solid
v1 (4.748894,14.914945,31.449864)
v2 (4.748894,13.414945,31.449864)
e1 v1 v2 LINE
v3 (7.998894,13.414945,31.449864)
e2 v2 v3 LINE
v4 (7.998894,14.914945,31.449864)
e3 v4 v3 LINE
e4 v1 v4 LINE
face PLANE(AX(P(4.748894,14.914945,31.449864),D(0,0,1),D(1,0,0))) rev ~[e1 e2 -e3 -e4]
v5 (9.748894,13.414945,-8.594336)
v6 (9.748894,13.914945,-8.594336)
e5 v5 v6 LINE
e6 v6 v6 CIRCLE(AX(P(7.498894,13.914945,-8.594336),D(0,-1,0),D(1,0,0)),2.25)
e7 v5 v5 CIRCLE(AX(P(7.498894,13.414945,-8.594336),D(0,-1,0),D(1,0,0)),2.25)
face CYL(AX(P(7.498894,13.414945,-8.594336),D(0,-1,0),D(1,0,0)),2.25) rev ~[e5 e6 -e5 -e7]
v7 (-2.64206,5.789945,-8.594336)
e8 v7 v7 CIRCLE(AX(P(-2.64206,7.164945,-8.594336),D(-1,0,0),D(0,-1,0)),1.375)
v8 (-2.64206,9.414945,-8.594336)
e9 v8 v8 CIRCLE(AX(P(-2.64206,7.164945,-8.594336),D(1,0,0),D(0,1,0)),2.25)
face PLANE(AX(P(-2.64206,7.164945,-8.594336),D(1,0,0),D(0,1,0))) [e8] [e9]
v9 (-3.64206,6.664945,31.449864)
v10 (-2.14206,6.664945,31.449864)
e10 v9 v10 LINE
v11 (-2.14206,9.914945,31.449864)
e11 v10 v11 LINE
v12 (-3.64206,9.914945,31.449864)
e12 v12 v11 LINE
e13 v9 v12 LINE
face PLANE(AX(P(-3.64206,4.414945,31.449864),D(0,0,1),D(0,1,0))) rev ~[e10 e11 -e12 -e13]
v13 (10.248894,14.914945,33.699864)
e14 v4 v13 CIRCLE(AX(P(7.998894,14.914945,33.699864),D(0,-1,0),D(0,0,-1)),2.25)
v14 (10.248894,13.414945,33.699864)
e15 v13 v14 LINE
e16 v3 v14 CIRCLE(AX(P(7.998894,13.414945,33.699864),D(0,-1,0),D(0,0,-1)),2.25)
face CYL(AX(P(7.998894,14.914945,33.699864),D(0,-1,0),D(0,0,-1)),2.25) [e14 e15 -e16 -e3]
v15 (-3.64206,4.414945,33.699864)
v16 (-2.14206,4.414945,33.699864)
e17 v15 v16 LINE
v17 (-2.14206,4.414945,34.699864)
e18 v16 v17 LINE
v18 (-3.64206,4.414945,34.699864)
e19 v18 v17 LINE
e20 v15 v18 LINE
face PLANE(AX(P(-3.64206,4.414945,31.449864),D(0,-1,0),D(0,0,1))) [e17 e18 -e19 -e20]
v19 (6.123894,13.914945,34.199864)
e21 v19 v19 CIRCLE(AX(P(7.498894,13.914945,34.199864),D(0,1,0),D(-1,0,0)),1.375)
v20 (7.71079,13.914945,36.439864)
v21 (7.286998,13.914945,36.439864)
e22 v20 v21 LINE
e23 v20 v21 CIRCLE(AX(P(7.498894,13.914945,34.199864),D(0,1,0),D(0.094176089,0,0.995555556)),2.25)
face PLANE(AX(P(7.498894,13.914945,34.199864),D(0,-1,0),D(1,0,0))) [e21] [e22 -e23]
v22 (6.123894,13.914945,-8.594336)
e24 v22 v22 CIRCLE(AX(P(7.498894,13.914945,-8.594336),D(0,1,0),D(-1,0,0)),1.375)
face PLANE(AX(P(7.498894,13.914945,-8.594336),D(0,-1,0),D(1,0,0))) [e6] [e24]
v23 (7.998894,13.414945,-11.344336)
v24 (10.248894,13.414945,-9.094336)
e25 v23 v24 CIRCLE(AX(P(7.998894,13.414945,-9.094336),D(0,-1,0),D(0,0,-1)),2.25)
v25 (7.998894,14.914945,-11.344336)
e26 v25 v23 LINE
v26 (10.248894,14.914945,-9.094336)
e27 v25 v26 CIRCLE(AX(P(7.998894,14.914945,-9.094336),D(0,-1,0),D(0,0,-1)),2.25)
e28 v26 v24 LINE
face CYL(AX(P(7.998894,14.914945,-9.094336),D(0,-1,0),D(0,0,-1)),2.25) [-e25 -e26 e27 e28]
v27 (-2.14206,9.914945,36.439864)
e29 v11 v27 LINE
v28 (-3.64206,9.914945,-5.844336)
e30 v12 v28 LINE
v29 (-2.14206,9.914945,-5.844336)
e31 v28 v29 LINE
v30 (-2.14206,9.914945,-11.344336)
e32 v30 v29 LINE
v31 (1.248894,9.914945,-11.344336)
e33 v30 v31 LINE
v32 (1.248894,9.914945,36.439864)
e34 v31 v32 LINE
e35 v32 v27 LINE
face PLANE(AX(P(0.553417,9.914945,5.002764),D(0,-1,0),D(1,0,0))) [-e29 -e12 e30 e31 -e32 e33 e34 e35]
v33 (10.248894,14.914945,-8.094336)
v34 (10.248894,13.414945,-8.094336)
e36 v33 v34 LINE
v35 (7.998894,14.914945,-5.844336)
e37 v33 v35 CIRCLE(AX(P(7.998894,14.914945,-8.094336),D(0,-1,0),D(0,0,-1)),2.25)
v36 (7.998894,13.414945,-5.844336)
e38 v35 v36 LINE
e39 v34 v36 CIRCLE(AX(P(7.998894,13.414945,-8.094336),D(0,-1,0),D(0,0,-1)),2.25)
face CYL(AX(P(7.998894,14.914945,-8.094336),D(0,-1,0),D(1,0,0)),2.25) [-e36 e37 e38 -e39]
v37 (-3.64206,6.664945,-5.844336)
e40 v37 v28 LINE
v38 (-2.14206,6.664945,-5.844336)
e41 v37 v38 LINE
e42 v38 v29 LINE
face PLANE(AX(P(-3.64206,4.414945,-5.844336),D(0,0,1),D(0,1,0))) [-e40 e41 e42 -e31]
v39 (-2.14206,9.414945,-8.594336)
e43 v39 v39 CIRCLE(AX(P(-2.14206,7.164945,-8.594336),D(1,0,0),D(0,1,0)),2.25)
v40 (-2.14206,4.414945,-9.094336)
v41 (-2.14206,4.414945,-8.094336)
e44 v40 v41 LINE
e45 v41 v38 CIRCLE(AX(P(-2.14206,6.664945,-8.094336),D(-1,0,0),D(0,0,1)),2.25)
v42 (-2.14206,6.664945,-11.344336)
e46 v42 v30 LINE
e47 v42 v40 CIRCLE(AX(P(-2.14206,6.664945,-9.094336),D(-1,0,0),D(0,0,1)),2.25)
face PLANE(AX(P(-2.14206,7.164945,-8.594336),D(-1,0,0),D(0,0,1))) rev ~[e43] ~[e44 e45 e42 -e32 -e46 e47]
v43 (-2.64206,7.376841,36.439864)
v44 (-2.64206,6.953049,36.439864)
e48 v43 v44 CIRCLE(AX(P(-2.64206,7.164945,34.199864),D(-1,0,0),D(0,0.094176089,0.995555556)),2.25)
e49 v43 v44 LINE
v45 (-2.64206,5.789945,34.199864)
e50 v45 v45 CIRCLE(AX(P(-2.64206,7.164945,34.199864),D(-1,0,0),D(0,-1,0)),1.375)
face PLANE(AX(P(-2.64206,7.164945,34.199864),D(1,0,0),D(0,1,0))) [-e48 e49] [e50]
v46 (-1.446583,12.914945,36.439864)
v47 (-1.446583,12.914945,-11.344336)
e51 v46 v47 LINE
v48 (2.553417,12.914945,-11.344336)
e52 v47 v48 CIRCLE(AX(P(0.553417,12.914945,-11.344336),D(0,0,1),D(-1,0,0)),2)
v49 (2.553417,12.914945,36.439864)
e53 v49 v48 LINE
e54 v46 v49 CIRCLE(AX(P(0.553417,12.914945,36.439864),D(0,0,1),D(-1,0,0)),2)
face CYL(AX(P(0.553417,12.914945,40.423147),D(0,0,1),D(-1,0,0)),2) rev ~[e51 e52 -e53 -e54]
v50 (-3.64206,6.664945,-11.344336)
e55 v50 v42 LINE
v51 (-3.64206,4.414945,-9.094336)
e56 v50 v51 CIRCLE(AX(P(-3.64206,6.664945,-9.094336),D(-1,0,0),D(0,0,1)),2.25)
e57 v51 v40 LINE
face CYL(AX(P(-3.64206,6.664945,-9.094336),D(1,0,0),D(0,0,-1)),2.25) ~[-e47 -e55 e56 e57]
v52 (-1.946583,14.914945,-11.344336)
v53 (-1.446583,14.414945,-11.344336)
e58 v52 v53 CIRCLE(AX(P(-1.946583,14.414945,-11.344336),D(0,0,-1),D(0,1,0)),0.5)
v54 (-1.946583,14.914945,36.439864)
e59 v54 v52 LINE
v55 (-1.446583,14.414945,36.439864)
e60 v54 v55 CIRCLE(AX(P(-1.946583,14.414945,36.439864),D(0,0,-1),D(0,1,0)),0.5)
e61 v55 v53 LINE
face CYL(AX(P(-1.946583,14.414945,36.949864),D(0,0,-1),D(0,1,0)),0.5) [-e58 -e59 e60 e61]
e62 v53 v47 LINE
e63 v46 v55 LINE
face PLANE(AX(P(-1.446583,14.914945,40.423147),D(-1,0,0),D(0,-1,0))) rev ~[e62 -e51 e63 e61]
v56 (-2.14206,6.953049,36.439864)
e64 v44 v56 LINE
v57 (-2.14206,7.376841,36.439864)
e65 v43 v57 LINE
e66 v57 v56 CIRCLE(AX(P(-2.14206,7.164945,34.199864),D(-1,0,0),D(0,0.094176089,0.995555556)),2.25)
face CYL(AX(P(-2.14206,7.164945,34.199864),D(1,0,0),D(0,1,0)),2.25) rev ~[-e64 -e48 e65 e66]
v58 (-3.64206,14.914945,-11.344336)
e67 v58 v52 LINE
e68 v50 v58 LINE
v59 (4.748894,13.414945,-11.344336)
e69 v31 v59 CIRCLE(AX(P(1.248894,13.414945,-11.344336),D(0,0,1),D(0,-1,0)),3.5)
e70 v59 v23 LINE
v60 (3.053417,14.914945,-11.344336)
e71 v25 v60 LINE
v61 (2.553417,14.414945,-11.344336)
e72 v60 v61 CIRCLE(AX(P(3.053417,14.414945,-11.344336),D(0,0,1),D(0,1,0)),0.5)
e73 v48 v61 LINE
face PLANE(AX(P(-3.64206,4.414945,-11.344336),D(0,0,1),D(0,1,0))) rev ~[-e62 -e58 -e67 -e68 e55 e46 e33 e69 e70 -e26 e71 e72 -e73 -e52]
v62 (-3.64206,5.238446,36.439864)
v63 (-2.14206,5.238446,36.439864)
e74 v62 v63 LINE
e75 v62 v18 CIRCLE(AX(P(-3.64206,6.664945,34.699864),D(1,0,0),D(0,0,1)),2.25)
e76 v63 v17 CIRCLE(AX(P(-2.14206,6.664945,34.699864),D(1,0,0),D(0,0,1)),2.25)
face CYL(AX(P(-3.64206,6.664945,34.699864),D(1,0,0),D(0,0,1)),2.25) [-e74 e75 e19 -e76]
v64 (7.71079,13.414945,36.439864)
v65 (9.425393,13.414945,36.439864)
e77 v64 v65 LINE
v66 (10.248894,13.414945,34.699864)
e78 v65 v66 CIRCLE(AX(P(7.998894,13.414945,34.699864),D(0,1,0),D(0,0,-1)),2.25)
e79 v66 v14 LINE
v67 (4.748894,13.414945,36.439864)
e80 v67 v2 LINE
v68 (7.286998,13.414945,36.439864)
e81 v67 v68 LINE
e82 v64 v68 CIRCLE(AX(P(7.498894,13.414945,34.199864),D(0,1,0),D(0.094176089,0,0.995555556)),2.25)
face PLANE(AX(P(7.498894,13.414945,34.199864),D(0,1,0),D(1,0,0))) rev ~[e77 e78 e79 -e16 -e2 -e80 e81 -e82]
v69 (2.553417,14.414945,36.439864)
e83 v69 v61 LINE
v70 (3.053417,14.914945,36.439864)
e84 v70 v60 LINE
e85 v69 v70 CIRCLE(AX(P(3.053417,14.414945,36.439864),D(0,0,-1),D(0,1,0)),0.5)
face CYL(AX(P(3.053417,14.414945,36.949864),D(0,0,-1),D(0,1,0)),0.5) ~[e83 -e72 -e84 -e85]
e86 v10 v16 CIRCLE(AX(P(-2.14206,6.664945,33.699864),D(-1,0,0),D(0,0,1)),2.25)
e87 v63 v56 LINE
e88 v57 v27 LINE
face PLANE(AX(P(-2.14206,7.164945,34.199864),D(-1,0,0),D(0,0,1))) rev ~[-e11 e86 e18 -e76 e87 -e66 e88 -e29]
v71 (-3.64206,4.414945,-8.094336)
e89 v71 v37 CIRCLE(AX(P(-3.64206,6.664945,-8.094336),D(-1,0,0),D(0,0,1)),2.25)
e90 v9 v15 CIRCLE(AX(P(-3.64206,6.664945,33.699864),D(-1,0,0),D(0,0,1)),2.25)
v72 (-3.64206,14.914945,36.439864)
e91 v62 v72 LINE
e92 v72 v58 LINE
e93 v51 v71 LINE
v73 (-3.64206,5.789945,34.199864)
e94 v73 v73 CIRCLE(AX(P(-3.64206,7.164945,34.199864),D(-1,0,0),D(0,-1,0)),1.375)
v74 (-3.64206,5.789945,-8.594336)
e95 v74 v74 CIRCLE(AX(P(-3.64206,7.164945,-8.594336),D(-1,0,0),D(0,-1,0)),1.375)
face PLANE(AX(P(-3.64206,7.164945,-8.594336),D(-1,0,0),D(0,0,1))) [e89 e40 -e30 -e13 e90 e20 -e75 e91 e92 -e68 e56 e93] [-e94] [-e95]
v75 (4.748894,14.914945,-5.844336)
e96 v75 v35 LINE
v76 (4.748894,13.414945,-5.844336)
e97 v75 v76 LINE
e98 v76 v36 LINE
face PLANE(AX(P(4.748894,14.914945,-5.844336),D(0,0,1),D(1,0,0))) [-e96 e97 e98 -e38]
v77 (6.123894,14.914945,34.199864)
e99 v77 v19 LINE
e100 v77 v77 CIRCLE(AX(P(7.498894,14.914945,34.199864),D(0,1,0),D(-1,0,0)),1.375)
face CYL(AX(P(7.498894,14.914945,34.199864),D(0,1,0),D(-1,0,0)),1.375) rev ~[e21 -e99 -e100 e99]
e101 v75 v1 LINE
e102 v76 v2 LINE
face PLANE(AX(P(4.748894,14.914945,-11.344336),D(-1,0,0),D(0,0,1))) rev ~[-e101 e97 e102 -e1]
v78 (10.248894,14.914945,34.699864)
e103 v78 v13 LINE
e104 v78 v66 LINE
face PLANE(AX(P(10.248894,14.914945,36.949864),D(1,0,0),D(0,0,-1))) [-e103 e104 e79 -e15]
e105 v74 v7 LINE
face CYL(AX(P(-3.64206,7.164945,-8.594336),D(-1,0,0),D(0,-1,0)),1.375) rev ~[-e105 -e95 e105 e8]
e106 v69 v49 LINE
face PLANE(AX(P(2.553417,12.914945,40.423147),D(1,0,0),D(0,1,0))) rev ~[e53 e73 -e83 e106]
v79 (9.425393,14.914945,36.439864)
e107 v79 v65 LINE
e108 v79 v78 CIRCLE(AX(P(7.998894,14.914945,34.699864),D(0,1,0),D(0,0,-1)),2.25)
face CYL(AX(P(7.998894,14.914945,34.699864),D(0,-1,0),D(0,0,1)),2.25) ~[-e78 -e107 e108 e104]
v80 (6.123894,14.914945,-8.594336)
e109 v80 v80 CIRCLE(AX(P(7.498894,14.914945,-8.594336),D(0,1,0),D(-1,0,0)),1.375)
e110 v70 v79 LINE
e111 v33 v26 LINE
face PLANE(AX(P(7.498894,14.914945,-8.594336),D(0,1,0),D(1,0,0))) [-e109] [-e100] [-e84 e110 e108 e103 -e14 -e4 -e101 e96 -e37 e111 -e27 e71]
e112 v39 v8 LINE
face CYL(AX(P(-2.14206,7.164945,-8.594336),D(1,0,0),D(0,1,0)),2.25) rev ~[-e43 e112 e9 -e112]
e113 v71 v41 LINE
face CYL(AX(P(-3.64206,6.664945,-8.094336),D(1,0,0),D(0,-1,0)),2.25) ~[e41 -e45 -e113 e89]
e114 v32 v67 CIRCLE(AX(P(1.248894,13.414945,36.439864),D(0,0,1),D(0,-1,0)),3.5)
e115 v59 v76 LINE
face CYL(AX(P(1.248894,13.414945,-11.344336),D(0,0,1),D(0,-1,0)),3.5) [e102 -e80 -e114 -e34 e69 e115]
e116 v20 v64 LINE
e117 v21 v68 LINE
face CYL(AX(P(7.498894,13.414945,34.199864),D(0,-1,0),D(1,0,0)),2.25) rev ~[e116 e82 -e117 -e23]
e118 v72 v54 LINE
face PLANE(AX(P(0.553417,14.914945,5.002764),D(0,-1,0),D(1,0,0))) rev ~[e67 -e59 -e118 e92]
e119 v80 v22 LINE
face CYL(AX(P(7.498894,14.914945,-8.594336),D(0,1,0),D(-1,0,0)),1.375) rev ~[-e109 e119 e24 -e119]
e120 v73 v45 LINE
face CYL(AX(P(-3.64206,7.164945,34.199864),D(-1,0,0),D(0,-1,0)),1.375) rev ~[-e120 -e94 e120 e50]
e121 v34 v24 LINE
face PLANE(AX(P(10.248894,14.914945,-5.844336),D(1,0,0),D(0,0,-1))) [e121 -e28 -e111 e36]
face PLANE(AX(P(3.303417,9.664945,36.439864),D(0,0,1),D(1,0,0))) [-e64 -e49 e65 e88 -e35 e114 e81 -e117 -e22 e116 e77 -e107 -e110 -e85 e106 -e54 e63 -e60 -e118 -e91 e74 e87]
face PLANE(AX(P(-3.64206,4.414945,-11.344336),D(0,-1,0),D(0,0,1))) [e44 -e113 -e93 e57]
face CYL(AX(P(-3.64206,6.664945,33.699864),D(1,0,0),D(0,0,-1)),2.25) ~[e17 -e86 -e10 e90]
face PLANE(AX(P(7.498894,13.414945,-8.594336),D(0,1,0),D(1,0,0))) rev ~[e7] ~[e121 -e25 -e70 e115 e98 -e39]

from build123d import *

# Parameters (mm, degrees)
SKETCH1_W                       = 8.390953786
SKETCH1_H                       = 32.6942
SKETCH1_H_2                     = 13
SKETCH1_H_3                     = 2.6
BOSS_EXTRUDE1_DEPTH             = 5
CUT_EXTRUDE1_DEPTH              = 51.767483063
CUT_EXTRUDE1_DEPTH_BACK         = 51.767483063
SKETCH3_W                       = 5.5
SKETCH3_H                       = 5.5
SKETCH3_R                       = 1.375
EXTRUDE_BOTTOM_SCREW_PADS_DEPTH = 1.5
SKETCH4_R                       = 2.25
CUT_BOTTOM_COUNTERSINK_DEPTH    = 0.5
SKETCH5_W                       = 5.5
SKETCH5_H                       = 5.5
SKETCH5_R                       = 1.375
EXTRUDE_SIDE_SCREW_PADS_DEPTH   = 1.5
SKETCH6_R                       = 2.25
CUT_SIDE_COUNTERSINK_DEPTH      = 0.5
FILLET_SCREW_PADS_R             = 2.25
FILLET4_R                       = 3.5
FILLET5_R                       = 0.5
SKETCH7_W                       = 13.890953786
SKETCH7_H                       = 10.5
CUT_EXTRUDE4_DEPTH              = 0.51


with BuildPart() as part:
    # Sketch1 → Boss-Extrude1 (new body)
    with BuildSketch(Plane.XZ.offset(-14.914945084)):
        with Locations((0.553417297, 5.002763775)):
            Rectangle(SKETCH1_W, SKETCH1_H)
        with Locations((0.553417297, 27.849863775)):
            Rectangle(SKETCH1_W, SKETCH1_H_2)
        with Locations((0.553417297, 35.649863775)):
            Rectangle(SKETCH1_W, SKETCH1_H_3)
    extrude(amount=BOSS_EXTRUDE1_DEPTH)

    # Sketch2 → Cut-Extrude1 (cut, two sides: drawn at the far end of the back side and taken through both)
    with BuildSketch(Plane(origin=(0, 0, -11.344336225), x_dir=(-1, 0, 0), z_dir=(0, 0, -1)).offset(-CUT_EXTRUDE1_DEPTH_BACK)):
        with BuildLine():
            Line((-2.553417297, 12.914945084), (-2.553417297, 14.914945084))
            Line((-2.553417297, 14.914945084), (1.446582703, 14.914945084))
            Line((1.446582703, 14.914945084), (1.446582703, 12.914945084))
            ThreePointArc((1.446582703, 12.914945084), (-0.553417297, 10.914945084), (-2.553417297, 12.914945084))
        make_face()
    extrude(amount=CUT_EXTRUDE1_DEPTH + CUT_EXTRUDE1_DEPTH_BACK, mode=Mode.SUBTRACT)

    # Sketch3 → Extrude Bottom Screw Pads (add)
    # profile 1 of 2: a face of its own
    with BuildSketch(Plane(origin=(0, 14.914945084, 0), x_dir=(1, 0, 0), z_dir=(0, 1, 0))):
        with Locations((7.49889419, 8.594336225)):
            Rectangle(SKETCH3_W, SKETCH3_H)
        with Locations(Location((7.49889419, 8.594336225, 0), (0, 0, 180))):
            Circle(SKETCH3_R, mode=Mode.SUBTRACT)
    # profile 2 of 2: a face of its own
    with BuildSketch(Plane(origin=(0, 14.914945084, 0), x_dir=(1, 0, 0), z_dir=(0, 1, 0))):
        with Locations((7.49889419, -34.199863775)):
            Rectangle(SKETCH3_W, SKETCH3_H)
        with Locations(Location((7.49889419, -34.199863775, 0), (0, 0, 180))):
            Circle(SKETCH3_R, mode=Mode.SUBTRACT)
    extrude(amount=-EXTRUDE_BOTTOM_SCREW_PADS_DEPTH)

    # Sketch4 → Cut Bottom Countersink (cut)
    with BuildSketch(Plane.XZ.offset(-13.414945084)):
        with Locations((7.49889419, 34.199863775)):
            Circle(SKETCH4_R)
        with Locations((7.49889419, -8.594336225)):
            Circle(SKETCH4_R)
    extrude(amount=-CUT_BOTTOM_COUNTERSINK_DEPTH, mode=Mode.SUBTRACT)

    # Sketch5 → Extrude Side Screw Pads (add)
    # profile 1 of 2: a face of its own
    with BuildSketch(Plane.ZY.offset(3.642059596)):
        with Locations((-8.594336225, 7.164945084)):
            Rectangle(SKETCH5_W, SKETCH5_H)
        with Locations(Location((-8.594336225, 7.164945084, 0), (0, 0, 270))):
            Circle(SKETCH5_R, mode=Mode.SUBTRACT)
    # profile 2 of 2: a face of its own
    with BuildSketch(Plane.ZY.offset(3.642059596)):
        with Locations((34.199863775, 7.164945084)):
            Rectangle(SKETCH5_W, SKETCH5_H)
        with Locations(Location((34.199863775, 7.164945084, 0), (0, 0, 270))):
            Circle(SKETCH5_R, mode=Mode.SUBTRACT)
    extrude(amount=-EXTRUDE_SIDE_SCREW_PADS_DEPTH)

    # Sketch6 → Cut Side Countersink (cut)
    with BuildSketch(Plane(origin=(-2.142059596, 0, 0), x_dir=(0, 0, -1), z_dir=(1, 0, 0))):
        with Locations(Location((-34.199863775, 7.164945084, 0), (0, 0, 90))):
            Circle(SKETCH6_R)
        with Locations(Location((8.594336225, 7.164945084, 0), (0, 0, 90))):
            Circle(SKETCH6_R)
    extrude(amount=-CUT_SIDE_COUNTERSINK_DEPTH, mode=Mode.SUBTRACT)

    # Fillet Screw Pads
    fillet_screw_pads_edges = [part.edges().sort_by_distance(p)[0] for p in [
        (-2.892059596, 4.414945084, 36.949863775),
        (-2.892059596, 4.414945084, 31.449863775),
        (10.24889419, 14.164945084, -11.344336225),
        (10.24889419, 14.164945084, -5.844336225),
        (10.24889419, 14.164945084, 31.449863775),
        (10.24889419, 14.164945084, 36.949863775),
        (-2.892059596, 4.414945084, -5.844336225),
        (-2.892059596, 4.414945084, -11.344336225),
    ]]
    fillet(fillet_screw_pads_edges, radius=FILLET_SCREW_PADS_R)

    # Fillet4
    fillet4_edges = [part.edges().sort_by_distance(p)[0] for p in [
        (4.74889419, 9.914945084, 12.802763775),
    ]]
    fillet(fillet4_edges, radius=FILLET4_R)

    # Fillet5
    fillet5_edges = [part.edges().sort_by_distance(p)[0] for p in [
        (2.553417297, 14.914945084, 12.802763775),
        (-1.446582703, 14.914945084, 12.802763775),
    ]]
    fillet(fillet5_edges, radius=FILLET5_R)

    # Sketch7 → Cut-Extrude4 (cut)
    with BuildSketch(Plane.XY.offset(36.949863775)):
        with Locations((3.303417297, 9.664945084)):
            Rectangle(SKETCH7_W, SKETCH7_H)
    extrude(amount=-CUT_EXTRUDE4_DEPTH, mode=Mode.SUBTRACT)


solid = part.part
